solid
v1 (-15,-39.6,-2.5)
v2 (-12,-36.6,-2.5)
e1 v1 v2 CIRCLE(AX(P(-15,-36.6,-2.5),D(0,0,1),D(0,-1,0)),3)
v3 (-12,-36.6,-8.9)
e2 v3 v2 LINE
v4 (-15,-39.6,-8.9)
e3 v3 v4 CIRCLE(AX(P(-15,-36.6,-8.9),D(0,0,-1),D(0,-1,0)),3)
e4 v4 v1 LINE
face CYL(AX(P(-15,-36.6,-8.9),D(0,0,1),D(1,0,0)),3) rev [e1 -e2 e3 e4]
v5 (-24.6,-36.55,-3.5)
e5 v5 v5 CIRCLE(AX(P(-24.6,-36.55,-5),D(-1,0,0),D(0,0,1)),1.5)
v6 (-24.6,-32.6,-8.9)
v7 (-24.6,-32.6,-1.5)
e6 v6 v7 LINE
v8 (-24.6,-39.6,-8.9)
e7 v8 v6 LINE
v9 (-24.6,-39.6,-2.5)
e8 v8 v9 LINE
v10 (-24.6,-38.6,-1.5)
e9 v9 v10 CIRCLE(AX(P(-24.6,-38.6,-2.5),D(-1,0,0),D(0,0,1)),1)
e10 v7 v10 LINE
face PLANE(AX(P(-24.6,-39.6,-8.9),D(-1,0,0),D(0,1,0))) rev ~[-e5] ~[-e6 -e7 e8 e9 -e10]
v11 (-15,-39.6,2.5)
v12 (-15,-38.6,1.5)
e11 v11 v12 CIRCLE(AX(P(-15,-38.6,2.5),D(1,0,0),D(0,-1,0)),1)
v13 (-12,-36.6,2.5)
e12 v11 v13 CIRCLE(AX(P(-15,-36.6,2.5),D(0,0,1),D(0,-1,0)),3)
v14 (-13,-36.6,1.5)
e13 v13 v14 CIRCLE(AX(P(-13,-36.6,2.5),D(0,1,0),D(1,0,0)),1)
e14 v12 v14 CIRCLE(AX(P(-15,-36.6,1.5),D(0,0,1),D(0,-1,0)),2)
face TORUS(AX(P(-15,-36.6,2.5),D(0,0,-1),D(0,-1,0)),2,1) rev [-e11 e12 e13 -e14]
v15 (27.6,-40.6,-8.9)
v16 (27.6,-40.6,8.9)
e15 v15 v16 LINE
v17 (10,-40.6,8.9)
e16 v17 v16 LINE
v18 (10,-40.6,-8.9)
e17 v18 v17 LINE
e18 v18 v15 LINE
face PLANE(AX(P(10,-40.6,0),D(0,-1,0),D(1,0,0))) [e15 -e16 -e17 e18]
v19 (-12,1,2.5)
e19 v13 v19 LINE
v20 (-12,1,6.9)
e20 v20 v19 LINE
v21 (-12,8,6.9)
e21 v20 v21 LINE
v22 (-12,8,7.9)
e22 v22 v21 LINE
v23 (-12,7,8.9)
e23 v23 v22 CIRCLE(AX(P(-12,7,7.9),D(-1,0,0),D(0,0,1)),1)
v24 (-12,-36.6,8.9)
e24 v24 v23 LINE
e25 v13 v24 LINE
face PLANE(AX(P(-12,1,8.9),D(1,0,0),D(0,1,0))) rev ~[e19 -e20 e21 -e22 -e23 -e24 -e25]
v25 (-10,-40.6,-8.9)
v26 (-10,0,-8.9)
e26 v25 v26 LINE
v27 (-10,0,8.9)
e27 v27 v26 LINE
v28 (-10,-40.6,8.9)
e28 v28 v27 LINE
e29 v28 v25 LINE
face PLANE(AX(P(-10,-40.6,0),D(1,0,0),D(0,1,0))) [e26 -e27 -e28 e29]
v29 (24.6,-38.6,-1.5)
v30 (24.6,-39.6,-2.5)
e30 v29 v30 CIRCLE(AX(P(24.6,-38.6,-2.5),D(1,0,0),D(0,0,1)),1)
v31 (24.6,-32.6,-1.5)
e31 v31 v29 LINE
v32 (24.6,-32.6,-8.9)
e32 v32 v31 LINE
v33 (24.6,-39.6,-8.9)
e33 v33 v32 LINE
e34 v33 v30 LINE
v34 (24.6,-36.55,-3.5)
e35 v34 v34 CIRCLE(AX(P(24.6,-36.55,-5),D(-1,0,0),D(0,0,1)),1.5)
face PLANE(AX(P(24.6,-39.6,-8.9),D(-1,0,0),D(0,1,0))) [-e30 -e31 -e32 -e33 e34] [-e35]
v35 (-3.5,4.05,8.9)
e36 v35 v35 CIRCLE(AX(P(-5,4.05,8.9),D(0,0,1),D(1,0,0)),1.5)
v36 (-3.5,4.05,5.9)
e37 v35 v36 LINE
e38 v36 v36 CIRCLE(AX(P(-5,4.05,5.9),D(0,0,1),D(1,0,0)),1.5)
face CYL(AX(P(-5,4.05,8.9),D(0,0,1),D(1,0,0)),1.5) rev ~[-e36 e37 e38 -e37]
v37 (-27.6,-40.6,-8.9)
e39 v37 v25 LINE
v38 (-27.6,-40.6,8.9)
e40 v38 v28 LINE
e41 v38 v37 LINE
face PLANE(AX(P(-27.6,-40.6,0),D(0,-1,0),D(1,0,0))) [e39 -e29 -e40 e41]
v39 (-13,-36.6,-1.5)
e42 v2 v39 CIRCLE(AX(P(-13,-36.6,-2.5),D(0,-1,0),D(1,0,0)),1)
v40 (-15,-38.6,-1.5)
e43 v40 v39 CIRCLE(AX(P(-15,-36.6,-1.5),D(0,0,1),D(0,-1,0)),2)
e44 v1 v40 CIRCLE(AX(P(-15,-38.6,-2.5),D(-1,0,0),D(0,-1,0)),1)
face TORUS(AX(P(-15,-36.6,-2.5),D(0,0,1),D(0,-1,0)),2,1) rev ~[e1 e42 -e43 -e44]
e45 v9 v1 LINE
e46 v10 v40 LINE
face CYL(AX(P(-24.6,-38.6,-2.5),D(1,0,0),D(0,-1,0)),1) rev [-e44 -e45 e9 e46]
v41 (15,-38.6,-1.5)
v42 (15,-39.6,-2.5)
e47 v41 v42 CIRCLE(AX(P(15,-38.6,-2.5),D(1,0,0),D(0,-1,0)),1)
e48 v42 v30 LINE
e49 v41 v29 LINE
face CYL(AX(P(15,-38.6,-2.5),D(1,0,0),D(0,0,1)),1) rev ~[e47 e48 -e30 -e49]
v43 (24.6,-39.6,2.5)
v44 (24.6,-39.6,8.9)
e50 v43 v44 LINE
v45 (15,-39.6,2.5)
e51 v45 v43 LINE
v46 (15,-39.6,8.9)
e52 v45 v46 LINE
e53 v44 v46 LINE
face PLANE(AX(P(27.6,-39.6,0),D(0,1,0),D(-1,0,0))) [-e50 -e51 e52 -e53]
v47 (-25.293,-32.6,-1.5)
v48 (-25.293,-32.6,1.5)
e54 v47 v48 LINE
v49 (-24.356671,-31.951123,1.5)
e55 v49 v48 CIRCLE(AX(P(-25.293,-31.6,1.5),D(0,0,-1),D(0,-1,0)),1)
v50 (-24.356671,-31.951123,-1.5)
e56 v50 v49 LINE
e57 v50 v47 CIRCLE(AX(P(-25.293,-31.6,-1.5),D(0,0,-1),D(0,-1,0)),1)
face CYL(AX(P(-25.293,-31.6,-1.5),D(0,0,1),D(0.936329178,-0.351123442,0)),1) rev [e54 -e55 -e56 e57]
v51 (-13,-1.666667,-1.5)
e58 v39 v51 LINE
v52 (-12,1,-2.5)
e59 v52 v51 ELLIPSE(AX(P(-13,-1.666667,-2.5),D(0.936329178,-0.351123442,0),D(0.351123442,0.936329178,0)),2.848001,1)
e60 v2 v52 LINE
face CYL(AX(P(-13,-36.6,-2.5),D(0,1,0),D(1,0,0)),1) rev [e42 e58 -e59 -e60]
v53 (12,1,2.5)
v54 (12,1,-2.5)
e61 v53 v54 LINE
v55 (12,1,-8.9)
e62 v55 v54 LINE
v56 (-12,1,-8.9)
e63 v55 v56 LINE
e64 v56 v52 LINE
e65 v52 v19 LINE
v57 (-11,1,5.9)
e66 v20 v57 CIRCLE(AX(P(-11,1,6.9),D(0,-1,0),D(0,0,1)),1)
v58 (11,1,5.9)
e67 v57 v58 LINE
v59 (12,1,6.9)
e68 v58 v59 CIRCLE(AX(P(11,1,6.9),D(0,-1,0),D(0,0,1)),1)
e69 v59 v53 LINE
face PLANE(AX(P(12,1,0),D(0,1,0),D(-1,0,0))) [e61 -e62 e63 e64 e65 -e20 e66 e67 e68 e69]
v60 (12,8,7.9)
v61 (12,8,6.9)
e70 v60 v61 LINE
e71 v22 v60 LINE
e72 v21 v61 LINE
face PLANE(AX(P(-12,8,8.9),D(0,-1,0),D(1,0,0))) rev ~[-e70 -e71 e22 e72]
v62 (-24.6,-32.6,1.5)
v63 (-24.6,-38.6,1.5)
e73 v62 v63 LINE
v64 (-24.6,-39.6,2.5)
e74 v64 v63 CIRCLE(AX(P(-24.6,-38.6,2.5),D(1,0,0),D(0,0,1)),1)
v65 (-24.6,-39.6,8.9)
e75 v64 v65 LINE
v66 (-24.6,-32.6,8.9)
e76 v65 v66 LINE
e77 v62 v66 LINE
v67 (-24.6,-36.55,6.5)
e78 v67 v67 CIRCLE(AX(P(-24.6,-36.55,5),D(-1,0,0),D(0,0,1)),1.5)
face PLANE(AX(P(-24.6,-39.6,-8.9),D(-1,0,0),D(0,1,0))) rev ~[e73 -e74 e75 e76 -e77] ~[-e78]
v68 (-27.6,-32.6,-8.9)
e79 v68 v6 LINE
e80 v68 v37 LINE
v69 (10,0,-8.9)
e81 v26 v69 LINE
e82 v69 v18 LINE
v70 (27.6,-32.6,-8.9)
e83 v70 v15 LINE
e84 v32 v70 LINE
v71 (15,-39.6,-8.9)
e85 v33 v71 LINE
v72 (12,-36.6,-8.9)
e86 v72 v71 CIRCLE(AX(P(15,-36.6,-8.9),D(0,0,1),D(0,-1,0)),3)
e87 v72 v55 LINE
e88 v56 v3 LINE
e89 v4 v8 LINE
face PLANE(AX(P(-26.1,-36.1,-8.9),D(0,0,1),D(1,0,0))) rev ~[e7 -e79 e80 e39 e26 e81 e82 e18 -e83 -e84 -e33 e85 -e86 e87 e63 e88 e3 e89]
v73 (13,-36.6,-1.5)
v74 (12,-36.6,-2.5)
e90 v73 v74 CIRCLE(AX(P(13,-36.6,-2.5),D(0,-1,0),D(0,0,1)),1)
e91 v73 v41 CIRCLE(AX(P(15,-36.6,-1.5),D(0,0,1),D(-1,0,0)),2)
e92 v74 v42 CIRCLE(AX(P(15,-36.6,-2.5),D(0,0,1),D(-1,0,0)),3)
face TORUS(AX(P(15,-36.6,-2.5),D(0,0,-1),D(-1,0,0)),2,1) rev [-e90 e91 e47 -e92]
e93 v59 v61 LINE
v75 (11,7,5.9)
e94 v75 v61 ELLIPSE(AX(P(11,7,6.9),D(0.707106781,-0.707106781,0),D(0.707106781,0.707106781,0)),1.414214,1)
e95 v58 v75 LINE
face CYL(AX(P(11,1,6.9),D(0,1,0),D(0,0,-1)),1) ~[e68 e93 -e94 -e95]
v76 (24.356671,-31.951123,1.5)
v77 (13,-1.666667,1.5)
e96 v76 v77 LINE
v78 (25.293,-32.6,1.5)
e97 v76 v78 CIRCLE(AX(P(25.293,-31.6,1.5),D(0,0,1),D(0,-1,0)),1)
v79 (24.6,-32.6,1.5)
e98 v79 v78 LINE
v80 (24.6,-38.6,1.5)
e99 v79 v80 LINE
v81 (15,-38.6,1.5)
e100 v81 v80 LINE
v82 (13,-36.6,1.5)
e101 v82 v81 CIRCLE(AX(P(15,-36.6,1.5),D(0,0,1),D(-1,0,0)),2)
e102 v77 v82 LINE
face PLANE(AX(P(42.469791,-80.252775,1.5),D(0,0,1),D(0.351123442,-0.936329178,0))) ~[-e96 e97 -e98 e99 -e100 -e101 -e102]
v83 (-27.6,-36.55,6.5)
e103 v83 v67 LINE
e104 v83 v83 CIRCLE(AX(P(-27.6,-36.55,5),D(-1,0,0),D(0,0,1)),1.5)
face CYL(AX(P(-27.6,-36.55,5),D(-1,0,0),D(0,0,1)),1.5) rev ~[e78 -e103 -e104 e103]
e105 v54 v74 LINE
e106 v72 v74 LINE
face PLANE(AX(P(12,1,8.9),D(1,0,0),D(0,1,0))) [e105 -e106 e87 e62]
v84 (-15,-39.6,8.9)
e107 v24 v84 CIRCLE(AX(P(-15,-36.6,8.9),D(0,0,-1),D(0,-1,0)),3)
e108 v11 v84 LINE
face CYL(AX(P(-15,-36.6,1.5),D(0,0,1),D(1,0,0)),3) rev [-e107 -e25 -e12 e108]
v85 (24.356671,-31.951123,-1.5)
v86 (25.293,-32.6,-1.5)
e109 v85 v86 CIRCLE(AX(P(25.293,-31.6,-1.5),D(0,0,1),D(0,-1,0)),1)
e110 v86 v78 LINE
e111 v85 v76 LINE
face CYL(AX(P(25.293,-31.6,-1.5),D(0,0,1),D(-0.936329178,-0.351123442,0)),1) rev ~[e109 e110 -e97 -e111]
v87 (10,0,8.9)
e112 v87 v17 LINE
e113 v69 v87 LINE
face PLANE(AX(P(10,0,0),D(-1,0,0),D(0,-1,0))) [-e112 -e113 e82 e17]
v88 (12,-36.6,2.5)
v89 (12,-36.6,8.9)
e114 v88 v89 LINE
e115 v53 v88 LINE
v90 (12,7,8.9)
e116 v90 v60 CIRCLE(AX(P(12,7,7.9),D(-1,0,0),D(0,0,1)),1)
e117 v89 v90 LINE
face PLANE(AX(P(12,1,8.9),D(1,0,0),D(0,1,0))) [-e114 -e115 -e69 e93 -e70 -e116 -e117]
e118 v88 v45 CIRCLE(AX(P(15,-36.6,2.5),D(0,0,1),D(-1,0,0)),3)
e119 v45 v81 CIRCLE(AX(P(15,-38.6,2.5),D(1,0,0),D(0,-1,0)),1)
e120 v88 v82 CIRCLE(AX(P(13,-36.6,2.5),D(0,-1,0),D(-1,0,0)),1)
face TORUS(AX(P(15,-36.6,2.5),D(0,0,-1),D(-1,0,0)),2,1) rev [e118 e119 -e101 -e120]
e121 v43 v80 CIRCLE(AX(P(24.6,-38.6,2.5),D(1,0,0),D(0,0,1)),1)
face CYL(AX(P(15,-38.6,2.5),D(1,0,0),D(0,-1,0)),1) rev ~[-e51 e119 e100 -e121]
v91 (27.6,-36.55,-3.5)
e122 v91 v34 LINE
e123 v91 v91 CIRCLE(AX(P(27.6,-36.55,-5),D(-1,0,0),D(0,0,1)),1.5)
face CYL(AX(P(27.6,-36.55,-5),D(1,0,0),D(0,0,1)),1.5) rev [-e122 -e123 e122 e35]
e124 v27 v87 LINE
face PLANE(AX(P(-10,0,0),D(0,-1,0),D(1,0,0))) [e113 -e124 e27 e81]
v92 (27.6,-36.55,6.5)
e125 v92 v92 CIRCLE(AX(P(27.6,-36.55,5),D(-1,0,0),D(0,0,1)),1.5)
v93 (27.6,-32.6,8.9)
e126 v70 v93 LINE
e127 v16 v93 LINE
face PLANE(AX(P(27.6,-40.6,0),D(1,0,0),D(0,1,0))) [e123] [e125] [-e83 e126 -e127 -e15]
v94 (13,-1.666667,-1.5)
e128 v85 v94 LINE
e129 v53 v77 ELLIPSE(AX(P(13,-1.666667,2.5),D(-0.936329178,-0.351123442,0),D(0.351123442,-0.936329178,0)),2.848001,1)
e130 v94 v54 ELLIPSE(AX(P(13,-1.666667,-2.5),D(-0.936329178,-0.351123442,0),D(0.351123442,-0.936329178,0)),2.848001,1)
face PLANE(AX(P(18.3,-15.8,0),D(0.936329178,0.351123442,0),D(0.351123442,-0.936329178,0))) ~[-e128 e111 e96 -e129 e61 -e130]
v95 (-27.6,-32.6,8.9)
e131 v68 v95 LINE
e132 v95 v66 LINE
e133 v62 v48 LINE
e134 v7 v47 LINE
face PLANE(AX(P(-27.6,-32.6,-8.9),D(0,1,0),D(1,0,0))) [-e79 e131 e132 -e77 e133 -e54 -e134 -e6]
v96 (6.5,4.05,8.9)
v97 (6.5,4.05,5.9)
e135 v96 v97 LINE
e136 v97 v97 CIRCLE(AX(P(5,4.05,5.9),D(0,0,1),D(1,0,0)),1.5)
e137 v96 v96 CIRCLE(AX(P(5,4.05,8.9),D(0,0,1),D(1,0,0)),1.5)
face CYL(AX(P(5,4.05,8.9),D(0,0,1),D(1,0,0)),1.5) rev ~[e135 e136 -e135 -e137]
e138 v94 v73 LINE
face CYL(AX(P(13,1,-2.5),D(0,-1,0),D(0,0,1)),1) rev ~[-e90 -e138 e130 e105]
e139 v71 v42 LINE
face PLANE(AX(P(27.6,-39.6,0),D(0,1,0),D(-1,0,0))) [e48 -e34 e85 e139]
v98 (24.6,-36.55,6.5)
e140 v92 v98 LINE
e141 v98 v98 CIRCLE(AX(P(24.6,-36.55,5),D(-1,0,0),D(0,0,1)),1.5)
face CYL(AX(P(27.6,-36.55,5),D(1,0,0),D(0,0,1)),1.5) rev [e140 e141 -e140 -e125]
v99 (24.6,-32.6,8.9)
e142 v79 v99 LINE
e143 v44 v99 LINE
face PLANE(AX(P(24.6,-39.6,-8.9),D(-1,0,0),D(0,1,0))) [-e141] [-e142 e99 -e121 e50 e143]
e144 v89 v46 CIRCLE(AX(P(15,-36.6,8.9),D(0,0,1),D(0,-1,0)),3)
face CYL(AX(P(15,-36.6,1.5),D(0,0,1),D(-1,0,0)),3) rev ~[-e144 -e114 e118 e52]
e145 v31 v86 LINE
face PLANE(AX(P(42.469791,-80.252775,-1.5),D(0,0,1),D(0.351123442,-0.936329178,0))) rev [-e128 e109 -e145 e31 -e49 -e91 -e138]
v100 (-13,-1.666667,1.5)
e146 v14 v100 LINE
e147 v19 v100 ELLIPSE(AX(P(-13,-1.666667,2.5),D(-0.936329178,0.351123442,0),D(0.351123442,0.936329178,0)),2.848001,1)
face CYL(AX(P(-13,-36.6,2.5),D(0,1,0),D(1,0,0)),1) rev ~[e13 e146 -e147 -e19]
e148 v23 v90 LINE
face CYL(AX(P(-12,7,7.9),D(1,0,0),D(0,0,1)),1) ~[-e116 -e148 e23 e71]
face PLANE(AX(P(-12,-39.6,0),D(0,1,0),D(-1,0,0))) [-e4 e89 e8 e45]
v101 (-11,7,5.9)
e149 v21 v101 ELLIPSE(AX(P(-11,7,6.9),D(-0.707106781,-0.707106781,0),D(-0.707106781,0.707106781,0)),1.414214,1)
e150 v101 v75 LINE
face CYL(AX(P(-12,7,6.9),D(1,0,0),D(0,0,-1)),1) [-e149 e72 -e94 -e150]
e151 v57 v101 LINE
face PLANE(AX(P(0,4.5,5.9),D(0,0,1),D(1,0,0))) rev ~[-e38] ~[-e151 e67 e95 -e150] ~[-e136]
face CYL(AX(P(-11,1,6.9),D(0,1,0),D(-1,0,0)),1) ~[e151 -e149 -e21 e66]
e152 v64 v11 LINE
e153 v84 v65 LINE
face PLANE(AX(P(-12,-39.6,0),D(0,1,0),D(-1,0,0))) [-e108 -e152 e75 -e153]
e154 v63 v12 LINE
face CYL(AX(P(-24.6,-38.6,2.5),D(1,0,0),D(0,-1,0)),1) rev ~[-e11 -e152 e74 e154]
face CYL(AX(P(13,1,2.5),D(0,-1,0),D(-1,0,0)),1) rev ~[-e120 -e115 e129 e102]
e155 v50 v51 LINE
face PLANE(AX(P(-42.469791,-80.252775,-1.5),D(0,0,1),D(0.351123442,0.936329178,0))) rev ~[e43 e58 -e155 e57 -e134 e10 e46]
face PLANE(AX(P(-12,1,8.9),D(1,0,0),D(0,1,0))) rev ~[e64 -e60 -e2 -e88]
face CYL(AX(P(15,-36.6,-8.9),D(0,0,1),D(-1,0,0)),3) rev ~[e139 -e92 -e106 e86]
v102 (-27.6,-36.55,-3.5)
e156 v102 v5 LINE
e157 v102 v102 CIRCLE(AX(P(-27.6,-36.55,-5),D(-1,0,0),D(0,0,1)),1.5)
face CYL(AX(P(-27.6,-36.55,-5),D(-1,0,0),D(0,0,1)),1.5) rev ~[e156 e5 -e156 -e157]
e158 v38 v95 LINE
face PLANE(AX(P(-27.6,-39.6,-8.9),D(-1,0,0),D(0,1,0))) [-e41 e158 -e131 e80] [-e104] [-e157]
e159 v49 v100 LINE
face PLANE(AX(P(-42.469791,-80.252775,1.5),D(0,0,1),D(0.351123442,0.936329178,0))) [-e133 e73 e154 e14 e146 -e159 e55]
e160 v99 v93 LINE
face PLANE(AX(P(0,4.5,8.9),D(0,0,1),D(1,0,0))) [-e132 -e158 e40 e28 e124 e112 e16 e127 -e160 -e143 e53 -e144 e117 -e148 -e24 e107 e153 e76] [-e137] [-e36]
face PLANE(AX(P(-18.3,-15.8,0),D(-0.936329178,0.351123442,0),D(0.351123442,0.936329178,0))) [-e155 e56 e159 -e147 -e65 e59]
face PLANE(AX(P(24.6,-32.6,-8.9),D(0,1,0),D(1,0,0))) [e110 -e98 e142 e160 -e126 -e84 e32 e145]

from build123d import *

# Parameters (mm, degrees)
BOSS_EXTRUDE1_DEPTH = 8.9
BOSS_EXTRUDE3_START = -8.9
SKETCH5_W           = 3
SKETCH5_H           = 7
BOSS_EXTRUDE3_DEPTH = 17.8
SKETCH9_W           = 24
SKETCH9_H           = 7
SKETCH9_R           = 1.5
BOSS_EXTRUDE4_DEPTH = 3
RIB2_REACH          = 51.893
SKETCH6_WALL_W      = 137.671187546
SKETCH6_WALL_H      = 3
SKETCH7_R           = 1.5
CUT_EXTRUDE2_DEPTH  = 3
FILLET1_R           = 3
FILLET2_R           = 1


with BuildPart() as part:
    # Sketch1 → Boss-Extrude1 (new, symmetric)
    with BuildSketch(Plane.XY):
        Polygon((-10, 0), (10, 0), (10, -40.6), (27.6, -40.6), (27.6, -39.6), (12, -39.6), (12, 1), (-12, 1), (-12, -39.6), (-27.6, -39.6), (-27.6, -40.6), (-10, -40.6), align=None)
    extrude(amount=BOSS_EXTRUDE1_DEPTH, both=True)

    # Sketch5 → Boss-Extrude3 (add)
    with BuildSketch(Plane.XY.offset(BOSS_EXTRUDE3_START)):
        with Locations((-26.1, -36.1)):
            Rectangle(SKETCH5_W, SKETCH5_H)
        with Locations((26.1, -36.1)):
            Rectangle(SKETCH5_W, SKETCH5_H)
    extrude(amount=BOSS_EXTRUDE3_DEPTH)

    # Sketch9 → Boss-Extrude4 (add)
    with BuildSketch(Plane.XY.offset(8.9)):
        with Locations((0, 4.5)):
            Rectangle(SKETCH9_W, SKETCH9_H)
        with Locations((-5, 4.05)):
            Circle(SKETCH9_R, mode=Mode.SUBTRACT)
        with Locations((5, 4.05)):
            Circle(SKETCH9_R, mode=Mode.SUBTRACT)
    extrude(amount=-BOSS_EXTRUDE4_DEPTH)

    # Sketch6 wall → Rib2 (add, up to next)
    with BuildSketch(Plane(origin=(-18.3, -15.8, 0), x_dir=(0.351123441588, 0.936329177569, 0), z_dir=(-0.936329177569, 0.351123441588, 0)), mode=Mode.PRIVATE) as rib2_sk1:
        Rectangle(SKETCH6_WALL_W, SKETCH6_WALL_H)
    rib2_tool1 = extrude(rib2_sk1.sketch, amount=-RIB2_REACH, mode=Mode.PRIVATE) - part.part
    rib2 = rib2_tool1.solids().sort_by_distance((-18.3, -15.8, 0))[0]
    add(rib2)

    # Mirror3: Rib2 across plane
    add(rib2.mirror(Plane(origin=(0, 0, 0), x_dir=(0, 0, 1), z_dir=(1, 0, 0))))

    # Sketch7 → Cut-Extrude2 (cut)
    with BuildSketch(Plane.ZY.offset(27.6)):
        with Locations((-5, -36.55)):
            Circle(SKETCH7_R)
        with Locations((5, -36.55)):
            Circle(SKETCH7_R)
    cut_extrude2 = extrude(amount=-CUT_EXTRUDE2_DEPTH, mode=Mode.SUBTRACT)

    # Mirror4: Cut-Extrude2 across plane
    add(cut_extrude2.mirror(Plane(origin=(0, 0, 0), x_dir=(0, 0, 1), z_dir=(1, 0, 0))), mode=Mode.SUBTRACT)

    # Fillet1
    fillet1_edges = [part.edges().sort_by_distance(p)[0] for p in [
        (12, -39.6, -5.2),
        (-12, -39.6, 5.2),
        (12, -39.6, 5.2),
        (-12, -39.6, -5.2),
    ]]
    fillet(fillet1_edges, radius=FILLET1_R)

    # Fillet2
    fillet2_edges = [part.edges().sort_by_distance(p)[0] for p in [
        (-12, -17.8, 1.5),
        (-12, -17.8, -1.5),
        (24.6, -32.6, 0),
        (19.8, -39.6, -1.5),
        (19.8, -39.6, 1.5),
        (-19.8, -39.6, -1.5),
        (-12.878679656, -38.721320344, -1.5),
        (-19.8, -39.6, 1.5),
        (-12.878679656, -38.721320344, 1.5),
        (12, -17.8, 1.5),
        (12.878679656, -38.721320344, 1.5),
        (12, -17.8, -1.5),
        (12.878679656, -38.721320344, -1.5),
        (12, 4.5, 5.9),
        (-12, 4.5, 5.9),
        (0, 8, 5.9),
        (0, 8, 8.9),
        (-24.6, -32.6, 0),
    ]]
    fillet(fillet2_edges, radius=FILLET2_R)


solid = part.part
